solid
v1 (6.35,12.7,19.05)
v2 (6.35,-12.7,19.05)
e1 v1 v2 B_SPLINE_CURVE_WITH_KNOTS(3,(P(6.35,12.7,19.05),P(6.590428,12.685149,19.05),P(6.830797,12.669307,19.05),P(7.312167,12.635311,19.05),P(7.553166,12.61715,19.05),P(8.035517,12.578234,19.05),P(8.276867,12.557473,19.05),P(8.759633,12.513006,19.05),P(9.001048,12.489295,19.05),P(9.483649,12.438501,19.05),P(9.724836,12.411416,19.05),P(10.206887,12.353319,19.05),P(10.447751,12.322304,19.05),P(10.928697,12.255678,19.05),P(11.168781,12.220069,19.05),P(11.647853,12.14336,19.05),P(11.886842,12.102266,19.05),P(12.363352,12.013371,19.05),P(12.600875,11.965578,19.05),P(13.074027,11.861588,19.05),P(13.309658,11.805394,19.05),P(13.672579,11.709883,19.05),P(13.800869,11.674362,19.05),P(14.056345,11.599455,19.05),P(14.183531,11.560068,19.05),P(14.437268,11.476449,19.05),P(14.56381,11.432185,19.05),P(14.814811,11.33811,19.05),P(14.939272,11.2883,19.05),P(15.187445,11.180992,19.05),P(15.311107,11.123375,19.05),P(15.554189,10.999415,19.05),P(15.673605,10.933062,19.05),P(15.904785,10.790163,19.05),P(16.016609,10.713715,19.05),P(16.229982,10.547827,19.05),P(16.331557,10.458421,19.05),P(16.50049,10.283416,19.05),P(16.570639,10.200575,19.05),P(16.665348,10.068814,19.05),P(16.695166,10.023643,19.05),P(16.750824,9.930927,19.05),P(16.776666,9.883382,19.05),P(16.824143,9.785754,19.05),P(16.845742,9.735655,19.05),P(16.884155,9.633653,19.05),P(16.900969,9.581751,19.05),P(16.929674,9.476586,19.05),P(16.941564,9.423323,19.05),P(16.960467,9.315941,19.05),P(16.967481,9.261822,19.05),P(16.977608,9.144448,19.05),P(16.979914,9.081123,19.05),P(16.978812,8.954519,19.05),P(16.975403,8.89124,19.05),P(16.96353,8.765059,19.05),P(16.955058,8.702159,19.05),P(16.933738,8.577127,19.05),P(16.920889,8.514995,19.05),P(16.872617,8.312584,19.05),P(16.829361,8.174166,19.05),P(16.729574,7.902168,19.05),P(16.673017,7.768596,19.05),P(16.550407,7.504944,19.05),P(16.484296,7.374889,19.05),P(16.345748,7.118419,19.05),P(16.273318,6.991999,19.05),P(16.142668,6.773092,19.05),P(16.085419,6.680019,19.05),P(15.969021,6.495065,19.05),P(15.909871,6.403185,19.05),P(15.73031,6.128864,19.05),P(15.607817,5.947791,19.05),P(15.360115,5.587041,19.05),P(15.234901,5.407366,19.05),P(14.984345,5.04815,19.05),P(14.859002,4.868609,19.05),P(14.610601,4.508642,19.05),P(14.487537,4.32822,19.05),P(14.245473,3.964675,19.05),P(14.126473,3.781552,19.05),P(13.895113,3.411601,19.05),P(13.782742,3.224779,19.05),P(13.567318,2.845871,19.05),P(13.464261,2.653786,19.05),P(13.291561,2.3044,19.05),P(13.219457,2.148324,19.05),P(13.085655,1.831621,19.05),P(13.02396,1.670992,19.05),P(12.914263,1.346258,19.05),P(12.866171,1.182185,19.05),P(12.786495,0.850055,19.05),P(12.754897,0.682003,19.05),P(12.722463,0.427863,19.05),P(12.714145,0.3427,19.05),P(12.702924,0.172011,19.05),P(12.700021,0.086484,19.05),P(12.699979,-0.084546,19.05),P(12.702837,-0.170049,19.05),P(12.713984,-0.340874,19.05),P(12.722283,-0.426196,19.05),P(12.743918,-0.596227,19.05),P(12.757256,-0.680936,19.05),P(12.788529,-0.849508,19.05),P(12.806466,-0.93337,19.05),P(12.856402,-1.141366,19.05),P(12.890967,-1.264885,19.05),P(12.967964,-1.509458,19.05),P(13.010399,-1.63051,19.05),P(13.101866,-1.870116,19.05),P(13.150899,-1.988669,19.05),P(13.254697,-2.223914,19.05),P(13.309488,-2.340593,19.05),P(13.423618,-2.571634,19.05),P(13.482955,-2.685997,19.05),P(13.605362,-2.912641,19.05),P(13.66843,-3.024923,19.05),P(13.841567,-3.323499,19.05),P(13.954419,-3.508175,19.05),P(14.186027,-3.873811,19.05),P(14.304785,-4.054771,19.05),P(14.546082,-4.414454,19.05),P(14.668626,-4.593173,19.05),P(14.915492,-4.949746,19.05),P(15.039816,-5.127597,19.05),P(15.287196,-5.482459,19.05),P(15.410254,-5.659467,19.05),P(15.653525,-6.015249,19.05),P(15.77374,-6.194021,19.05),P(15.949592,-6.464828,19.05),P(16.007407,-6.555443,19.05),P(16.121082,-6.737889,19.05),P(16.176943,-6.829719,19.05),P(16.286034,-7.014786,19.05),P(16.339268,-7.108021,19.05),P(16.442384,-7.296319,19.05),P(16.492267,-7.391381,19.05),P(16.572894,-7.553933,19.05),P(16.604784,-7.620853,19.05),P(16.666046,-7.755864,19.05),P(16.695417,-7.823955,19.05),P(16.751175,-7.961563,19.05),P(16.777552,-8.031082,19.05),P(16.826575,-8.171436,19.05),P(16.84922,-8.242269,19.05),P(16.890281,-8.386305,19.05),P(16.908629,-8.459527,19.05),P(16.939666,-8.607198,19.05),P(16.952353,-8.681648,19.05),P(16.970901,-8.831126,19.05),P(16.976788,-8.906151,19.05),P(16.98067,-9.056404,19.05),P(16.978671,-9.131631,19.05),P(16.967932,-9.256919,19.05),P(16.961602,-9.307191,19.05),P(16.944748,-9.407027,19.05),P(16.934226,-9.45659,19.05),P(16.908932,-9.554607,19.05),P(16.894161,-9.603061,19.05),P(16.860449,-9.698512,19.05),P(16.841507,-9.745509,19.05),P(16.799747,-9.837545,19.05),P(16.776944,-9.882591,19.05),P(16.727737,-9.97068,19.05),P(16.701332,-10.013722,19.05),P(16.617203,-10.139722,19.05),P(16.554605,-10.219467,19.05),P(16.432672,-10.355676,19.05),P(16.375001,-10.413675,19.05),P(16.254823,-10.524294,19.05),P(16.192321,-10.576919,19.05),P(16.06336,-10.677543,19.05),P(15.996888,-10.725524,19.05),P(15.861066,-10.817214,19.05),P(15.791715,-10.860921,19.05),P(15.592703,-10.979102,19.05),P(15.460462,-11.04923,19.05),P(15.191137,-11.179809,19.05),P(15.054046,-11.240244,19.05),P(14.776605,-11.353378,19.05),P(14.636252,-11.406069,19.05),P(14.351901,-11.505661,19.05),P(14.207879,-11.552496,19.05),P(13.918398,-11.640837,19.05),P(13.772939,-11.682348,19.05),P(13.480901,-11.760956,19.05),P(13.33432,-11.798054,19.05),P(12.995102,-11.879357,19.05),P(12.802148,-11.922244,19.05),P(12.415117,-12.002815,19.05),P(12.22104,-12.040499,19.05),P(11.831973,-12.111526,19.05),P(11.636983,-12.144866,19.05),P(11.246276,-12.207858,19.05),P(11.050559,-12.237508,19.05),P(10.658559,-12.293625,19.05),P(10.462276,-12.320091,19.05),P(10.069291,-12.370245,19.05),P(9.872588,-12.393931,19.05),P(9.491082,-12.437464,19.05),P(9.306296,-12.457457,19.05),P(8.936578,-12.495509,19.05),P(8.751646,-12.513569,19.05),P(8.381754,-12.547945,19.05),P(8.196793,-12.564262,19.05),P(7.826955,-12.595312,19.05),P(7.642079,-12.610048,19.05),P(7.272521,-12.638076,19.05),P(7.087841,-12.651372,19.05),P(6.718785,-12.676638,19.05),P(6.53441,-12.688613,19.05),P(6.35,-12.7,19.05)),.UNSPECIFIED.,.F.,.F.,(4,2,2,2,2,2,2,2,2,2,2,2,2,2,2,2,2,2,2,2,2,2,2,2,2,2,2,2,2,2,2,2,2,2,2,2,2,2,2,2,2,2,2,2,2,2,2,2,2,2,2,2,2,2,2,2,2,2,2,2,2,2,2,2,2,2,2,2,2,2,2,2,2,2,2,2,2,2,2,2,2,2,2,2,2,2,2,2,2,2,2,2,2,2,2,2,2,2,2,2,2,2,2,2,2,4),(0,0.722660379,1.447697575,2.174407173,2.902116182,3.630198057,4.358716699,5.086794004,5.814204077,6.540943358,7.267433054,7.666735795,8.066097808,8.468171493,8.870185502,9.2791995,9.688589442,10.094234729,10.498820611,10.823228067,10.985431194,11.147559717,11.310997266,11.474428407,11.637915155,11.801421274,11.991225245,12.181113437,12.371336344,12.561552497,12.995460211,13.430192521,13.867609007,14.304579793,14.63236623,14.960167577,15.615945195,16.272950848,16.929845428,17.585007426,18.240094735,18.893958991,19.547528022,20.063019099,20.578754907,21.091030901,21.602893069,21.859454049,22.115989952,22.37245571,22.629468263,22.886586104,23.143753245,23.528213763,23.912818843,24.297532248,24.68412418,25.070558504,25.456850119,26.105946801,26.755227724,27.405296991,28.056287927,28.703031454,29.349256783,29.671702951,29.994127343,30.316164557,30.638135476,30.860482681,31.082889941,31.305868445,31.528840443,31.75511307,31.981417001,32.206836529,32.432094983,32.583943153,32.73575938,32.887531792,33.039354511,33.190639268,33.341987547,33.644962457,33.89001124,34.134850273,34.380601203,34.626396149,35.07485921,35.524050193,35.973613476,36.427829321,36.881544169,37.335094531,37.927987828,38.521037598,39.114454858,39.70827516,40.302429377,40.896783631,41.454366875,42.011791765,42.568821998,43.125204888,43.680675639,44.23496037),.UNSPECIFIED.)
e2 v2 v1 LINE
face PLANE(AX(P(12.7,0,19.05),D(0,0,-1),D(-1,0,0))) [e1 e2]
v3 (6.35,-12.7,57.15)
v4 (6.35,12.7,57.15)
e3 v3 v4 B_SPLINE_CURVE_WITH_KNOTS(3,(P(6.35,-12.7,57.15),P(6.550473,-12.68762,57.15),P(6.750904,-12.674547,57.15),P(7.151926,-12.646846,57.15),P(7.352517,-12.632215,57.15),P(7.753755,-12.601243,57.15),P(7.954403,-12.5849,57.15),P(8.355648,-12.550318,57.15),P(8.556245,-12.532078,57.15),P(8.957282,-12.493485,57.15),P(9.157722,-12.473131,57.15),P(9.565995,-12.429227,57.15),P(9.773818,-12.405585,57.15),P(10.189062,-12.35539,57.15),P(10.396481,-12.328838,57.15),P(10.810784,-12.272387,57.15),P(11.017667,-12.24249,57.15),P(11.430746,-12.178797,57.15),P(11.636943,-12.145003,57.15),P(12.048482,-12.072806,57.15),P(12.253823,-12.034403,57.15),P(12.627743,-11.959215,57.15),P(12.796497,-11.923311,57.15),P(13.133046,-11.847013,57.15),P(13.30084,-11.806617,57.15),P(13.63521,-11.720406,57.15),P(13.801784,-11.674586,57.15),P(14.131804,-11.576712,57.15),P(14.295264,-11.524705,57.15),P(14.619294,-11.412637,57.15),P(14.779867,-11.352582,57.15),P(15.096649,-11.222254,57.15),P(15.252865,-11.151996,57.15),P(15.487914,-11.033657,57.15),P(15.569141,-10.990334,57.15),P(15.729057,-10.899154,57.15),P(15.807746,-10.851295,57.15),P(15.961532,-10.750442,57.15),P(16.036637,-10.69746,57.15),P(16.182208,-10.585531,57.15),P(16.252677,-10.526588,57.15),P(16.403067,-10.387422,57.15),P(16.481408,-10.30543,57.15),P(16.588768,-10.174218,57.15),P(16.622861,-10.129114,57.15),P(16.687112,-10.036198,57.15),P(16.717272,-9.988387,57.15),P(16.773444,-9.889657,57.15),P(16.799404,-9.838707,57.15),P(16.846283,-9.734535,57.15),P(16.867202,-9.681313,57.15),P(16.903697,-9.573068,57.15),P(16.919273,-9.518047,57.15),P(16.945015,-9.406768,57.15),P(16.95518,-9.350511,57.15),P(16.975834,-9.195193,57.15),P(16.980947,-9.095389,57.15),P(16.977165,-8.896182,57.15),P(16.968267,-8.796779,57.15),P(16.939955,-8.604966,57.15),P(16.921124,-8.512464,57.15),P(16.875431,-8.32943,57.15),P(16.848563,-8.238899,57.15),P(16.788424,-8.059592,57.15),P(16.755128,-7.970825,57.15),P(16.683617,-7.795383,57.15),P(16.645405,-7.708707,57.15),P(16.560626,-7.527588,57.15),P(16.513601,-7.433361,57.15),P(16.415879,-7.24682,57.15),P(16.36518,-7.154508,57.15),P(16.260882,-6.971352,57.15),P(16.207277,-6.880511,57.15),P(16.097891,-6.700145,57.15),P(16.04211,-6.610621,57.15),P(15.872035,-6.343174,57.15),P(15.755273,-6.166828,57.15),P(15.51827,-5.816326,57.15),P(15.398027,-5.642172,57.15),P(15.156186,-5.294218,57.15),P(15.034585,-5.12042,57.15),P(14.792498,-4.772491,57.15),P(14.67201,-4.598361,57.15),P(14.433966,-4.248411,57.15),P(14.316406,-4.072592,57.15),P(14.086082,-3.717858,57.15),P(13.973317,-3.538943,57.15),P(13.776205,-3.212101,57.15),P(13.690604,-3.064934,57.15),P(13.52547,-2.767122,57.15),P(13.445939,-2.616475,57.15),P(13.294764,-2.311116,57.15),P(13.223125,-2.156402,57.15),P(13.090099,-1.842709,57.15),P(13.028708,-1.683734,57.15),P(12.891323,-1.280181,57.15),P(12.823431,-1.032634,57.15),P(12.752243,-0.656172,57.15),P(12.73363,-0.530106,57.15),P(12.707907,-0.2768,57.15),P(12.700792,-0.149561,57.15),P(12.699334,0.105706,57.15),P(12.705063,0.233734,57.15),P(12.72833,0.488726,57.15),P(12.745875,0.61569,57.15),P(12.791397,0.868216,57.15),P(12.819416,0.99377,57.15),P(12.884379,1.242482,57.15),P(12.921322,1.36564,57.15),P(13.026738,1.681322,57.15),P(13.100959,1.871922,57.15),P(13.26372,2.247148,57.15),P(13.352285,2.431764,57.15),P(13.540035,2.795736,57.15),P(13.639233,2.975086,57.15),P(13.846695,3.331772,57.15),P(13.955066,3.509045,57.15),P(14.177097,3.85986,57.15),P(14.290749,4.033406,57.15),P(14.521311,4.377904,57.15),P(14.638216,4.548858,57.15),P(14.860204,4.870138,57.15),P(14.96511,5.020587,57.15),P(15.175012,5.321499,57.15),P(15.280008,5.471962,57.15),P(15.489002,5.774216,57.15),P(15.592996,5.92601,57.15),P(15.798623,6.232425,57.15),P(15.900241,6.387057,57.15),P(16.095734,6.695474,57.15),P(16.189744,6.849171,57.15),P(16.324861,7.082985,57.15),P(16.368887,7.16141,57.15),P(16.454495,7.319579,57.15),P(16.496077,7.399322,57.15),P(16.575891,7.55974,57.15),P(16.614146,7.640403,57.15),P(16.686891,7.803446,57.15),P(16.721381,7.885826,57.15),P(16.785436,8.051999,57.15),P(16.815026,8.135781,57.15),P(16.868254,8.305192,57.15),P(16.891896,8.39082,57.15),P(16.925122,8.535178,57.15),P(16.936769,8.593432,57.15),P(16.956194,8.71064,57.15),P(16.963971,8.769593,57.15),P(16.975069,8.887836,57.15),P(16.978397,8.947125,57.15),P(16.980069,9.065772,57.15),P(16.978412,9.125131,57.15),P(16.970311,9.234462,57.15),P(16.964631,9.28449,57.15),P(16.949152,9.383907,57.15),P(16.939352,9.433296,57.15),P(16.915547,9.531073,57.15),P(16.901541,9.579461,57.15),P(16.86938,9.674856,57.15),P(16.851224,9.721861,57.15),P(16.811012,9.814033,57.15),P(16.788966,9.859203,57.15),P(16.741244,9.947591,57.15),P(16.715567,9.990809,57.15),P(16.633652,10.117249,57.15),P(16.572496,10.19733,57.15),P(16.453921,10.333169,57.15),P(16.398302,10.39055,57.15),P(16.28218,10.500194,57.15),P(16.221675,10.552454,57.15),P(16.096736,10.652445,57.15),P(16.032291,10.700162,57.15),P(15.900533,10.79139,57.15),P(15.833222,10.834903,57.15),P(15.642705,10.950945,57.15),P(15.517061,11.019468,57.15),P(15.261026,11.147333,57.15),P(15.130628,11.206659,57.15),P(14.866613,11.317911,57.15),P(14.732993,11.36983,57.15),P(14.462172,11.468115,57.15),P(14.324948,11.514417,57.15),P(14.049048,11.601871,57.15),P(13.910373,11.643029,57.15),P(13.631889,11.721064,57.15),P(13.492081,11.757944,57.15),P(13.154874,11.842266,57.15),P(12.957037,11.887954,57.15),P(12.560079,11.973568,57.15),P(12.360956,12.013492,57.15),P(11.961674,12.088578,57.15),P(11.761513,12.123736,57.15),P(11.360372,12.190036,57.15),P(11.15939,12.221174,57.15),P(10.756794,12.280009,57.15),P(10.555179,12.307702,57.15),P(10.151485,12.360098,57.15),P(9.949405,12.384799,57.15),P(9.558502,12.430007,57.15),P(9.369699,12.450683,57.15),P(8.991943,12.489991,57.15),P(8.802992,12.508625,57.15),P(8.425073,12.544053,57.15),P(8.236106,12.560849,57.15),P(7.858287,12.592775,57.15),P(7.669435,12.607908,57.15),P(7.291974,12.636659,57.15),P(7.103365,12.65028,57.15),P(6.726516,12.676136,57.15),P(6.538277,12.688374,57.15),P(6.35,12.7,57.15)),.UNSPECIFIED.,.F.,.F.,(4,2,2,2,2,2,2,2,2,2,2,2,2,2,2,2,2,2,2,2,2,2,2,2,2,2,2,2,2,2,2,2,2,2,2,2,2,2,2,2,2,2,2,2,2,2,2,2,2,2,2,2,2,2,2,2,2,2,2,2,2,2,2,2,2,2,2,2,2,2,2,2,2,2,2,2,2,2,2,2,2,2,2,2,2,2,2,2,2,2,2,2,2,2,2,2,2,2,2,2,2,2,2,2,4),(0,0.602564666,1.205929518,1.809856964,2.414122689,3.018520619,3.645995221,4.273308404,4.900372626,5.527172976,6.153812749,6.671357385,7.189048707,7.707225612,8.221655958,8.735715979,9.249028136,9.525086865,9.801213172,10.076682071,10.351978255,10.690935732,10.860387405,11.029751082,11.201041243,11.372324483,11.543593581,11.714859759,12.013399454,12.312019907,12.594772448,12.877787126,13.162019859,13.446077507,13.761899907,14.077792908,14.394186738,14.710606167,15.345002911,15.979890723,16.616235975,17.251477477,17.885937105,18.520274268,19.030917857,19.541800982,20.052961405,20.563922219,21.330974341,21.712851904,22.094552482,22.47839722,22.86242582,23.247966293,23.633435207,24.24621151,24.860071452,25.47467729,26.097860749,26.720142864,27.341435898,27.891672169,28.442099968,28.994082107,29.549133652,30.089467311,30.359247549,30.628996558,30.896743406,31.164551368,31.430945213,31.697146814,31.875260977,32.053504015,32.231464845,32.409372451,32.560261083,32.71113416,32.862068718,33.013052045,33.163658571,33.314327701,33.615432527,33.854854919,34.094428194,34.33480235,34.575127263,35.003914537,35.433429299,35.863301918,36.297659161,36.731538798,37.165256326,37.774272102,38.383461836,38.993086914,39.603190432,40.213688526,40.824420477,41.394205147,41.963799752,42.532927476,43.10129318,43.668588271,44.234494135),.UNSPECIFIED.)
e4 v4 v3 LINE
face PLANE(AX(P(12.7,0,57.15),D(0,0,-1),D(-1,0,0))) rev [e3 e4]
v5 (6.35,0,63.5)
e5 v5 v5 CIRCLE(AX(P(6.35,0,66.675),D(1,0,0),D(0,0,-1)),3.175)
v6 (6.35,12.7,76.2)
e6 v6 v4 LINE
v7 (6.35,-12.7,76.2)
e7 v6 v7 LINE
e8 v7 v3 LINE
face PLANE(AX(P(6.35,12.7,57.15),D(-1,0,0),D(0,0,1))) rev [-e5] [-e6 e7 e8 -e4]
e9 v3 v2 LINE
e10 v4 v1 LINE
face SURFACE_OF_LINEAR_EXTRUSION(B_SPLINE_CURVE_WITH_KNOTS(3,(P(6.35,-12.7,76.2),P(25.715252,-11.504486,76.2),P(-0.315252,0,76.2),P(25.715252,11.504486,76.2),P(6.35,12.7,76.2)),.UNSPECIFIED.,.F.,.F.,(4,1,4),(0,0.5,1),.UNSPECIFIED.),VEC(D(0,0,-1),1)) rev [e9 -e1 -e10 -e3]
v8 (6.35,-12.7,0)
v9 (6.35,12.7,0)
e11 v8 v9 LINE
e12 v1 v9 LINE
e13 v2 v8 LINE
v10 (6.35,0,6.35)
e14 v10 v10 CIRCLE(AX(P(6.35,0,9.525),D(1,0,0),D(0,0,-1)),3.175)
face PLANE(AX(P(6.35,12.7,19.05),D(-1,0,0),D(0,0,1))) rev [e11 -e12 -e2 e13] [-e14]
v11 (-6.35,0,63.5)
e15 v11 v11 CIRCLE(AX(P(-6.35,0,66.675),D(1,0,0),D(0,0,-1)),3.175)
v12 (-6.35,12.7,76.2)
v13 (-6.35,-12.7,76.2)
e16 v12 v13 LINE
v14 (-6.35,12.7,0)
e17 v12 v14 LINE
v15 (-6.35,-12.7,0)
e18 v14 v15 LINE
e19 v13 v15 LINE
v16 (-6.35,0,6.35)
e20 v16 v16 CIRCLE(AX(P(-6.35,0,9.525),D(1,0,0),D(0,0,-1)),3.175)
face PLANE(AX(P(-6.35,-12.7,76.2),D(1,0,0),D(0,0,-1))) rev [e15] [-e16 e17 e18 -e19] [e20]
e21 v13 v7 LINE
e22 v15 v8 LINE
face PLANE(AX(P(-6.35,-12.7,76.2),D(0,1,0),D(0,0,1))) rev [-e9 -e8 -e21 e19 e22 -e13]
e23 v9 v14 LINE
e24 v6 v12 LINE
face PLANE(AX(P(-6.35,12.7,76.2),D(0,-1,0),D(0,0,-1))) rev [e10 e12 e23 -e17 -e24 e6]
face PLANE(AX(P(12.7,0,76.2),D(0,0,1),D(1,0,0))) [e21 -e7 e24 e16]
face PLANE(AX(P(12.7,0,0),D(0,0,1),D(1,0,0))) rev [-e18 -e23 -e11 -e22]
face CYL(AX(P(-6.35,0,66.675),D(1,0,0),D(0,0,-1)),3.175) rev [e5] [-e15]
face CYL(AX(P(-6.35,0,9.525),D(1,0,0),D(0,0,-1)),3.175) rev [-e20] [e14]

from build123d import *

# Parameters (mm, degrees)
BOSS_EXTRUDE1_DEPTH = 76.2
CUT_EXTRUDE1_DEPTH  = 19.05
CUT_EXTRUDE2_DEPTH  = 19.05
SKETCH4_R           = 3.175
CUT_EXTRUDE3_DEPTH  = 13.7


with BuildPart() as part:
    # Sketch1 → Boss-Extrude1 (new body)
    with BuildSketch(Plane.XY):
        with BuildLine():
            Line((-6.35, -12.7), (6.35, -12.7))
            add(Edge.make_bspline(
                [(6.35, 12.7), (25.715251748, 11.504486328), (-0.315251748, 0), (25.715251748, -11.504486328), (6.35, -12.7)],
                knots=[0, 0, 0, 0, 0.5, 1, 1, 1, 1], degree=3))
            Line((6.35, 12.7), (-6.35, 12.7))
            Line((-6.35, 12.7), (-6.35, -12.7))
        make_face()
    extrude(amount=BOSS_EXTRUDE1_DEPTH)

    # Sketch2 → Cut-Extrude1 (cut)
    with BuildSketch(Plane.XY.offset(76.2)):
        with BuildLine():
            Line((6.35, 12.7), (6.35, -12.7))
            add(Edge.make_bspline(
                [(6.35, -12.7), (25.715251748, -11.504486328), (-0.315251748, 0), (25.715251748, 11.504486328), (6.35, 12.7)],
                knots=[0, 0, 0, 0, 0.5, 1, 1, 1, 1], degree=3))
        make_face()
    extrude(amount=-CUT_EXTRUDE1_DEPTH, mode=Mode.SUBTRACT)

    # Sketch3 → Cut-Extrude2 (cut)
    with BuildSketch(Plane(origin=(0, 0, 0), x_dir=(-1, 0, 0), z_dir=(0, 0, -1))):
        with BuildLine():
            Line((-6.35, 12.7), (-6.35, -12.7))
            add(Edge.make_bspline(
                [(-6.35, -12.7), (-25.715251748, -11.504486328), (0.315251748, 0), (-25.715251748, 11.504486328), (-6.35, 12.7)],
                knots=[0, 0, 0, 0, 0.5, 1, 1, 1, 1], degree=3))
        make_face()
    extrude(amount=-CUT_EXTRUDE2_DEPTH, mode=Mode.SUBTRACT)

    # Sketch4 → Cut-Extrude3 (cut, through all)
    with BuildSketch(Plane(origin=(6.35, 0, 0), x_dir=(0, 0, -1), z_dir=(1, 0, 0))):
        with Locations((-66.675, 0)):
            Circle(SKETCH4_R)
        with Locations((-9.525, 0)):
            Circle(SKETCH4_R)
    extrude(amount=-CUT_EXTRUDE3_DEPTH, mode=Mode.SUBTRACT)


solid = part.part
